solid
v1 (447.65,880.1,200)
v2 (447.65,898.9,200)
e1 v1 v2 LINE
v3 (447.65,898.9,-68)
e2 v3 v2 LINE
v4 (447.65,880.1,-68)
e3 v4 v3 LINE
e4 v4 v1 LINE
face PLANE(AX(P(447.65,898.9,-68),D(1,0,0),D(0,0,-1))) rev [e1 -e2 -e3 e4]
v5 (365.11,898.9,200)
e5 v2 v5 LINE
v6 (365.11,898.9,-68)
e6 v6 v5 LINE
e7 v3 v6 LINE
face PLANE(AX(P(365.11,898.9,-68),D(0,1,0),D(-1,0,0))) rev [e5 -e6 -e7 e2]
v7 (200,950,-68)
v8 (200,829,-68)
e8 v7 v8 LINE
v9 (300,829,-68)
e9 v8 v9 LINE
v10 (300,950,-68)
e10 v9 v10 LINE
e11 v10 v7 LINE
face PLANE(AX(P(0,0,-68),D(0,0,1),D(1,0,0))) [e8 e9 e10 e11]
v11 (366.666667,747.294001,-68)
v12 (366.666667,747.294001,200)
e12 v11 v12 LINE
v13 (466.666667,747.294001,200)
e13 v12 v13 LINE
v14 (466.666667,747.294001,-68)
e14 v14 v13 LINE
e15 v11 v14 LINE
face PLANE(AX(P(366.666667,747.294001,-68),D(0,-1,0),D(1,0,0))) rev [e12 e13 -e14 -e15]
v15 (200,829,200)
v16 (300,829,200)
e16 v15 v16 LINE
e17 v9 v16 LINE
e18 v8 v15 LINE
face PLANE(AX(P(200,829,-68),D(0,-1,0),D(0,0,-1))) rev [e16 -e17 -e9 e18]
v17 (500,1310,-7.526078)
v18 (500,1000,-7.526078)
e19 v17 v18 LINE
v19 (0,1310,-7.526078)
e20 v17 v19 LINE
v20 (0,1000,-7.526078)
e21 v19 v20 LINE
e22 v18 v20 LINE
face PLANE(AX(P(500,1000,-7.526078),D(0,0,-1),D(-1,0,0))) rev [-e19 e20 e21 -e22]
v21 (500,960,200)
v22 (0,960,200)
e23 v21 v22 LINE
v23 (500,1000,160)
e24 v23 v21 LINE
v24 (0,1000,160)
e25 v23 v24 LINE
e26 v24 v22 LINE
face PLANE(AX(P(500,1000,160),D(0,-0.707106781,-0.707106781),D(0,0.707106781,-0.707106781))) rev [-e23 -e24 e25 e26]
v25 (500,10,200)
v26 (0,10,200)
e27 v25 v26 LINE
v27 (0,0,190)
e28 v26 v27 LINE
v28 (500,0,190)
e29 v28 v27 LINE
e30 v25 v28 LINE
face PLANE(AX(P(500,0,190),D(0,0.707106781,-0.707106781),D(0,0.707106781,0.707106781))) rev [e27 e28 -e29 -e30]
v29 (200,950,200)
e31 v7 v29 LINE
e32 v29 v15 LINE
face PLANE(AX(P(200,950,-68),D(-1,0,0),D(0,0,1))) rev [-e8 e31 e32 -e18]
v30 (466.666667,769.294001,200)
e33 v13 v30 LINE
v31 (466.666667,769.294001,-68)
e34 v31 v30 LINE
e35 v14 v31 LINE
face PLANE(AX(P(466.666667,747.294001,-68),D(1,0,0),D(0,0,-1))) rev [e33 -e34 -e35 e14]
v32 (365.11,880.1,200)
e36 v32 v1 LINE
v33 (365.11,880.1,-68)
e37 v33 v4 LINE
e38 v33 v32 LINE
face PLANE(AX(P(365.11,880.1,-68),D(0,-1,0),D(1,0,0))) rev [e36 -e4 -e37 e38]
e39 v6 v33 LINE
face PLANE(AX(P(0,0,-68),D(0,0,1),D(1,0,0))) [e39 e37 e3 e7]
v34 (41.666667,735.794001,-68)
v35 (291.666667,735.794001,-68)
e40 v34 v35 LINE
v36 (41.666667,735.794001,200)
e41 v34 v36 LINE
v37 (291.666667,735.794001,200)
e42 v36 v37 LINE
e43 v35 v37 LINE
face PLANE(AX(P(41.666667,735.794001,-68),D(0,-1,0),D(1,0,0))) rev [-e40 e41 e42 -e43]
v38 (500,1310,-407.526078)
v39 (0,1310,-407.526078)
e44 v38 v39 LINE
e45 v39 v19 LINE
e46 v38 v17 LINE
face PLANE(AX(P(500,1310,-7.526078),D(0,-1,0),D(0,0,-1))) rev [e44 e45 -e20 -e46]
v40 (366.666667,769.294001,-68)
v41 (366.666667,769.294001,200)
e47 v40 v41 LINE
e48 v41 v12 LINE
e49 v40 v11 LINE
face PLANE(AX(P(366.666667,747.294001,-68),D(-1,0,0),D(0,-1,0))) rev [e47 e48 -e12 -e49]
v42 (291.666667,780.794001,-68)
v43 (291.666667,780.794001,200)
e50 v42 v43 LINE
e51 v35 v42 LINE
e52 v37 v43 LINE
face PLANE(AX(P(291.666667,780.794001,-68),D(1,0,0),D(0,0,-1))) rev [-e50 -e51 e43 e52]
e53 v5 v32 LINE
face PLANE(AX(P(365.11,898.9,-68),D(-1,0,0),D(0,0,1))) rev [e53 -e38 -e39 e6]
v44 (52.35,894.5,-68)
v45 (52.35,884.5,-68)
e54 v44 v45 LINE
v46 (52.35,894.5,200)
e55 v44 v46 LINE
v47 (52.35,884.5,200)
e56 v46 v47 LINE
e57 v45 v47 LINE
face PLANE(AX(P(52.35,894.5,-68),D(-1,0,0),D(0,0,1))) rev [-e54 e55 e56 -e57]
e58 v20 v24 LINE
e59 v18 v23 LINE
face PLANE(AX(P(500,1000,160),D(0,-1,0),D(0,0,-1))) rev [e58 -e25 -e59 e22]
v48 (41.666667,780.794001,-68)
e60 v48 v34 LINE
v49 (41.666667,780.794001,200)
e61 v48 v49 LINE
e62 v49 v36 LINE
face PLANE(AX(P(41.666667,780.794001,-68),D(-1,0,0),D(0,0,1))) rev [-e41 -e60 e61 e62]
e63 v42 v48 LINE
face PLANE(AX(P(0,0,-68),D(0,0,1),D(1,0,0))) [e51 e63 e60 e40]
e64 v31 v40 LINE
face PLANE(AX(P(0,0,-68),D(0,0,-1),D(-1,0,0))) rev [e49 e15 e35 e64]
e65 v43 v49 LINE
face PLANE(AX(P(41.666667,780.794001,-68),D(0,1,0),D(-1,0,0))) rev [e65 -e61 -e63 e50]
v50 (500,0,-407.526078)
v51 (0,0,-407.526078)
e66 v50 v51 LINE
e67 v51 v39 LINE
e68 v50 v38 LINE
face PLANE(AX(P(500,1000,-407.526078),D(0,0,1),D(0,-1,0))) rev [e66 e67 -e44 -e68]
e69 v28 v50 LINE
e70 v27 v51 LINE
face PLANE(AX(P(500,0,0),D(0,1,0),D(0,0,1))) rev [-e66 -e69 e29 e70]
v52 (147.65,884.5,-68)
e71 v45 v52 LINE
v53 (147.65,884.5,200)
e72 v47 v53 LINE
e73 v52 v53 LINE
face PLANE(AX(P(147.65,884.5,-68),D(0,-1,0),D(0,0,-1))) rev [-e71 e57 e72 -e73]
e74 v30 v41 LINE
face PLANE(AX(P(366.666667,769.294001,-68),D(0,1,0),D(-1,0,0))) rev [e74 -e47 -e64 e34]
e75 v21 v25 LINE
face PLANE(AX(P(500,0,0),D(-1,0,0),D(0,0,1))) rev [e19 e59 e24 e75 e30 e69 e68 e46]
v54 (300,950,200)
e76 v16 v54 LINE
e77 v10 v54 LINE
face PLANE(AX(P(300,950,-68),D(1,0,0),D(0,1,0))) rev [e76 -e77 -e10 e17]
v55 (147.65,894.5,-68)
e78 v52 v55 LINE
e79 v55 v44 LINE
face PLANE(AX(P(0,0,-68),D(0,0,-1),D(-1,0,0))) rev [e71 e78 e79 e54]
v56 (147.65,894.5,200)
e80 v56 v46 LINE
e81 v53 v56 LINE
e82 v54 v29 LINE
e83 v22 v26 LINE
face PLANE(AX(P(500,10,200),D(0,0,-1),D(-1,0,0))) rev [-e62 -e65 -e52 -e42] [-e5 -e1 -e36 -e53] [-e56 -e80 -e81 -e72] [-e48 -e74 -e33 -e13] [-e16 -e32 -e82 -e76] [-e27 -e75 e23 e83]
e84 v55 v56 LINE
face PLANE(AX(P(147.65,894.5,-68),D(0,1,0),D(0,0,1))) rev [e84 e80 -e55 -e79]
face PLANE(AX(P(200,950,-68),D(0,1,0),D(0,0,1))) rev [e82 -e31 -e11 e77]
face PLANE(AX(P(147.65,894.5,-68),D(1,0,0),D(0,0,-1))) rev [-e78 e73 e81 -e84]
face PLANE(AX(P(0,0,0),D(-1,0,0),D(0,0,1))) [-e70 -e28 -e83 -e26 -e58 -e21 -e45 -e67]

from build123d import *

# Parameters (mm, degrees)
BOSS_EXTRUDE1_DEPTH = 500
SKETCH2_W           = 100
SKETCH2_H           = 121
SKETCH2_W_2         = 95.3
SKETCH2_H_2         = 10
SKETCH2_W_3         = 82.54
SKETCH2_H_3         = 18.8
SKETCH2_H_4         = 22
SKETCH2_W_4         = 250
SKETCH2_H_5         = 45
CUT_EXTRUDE1_DEPTH  = 268


with BuildPart() as part:
    # Sketch1 → Boss-Extrude1 (new body)
    with BuildSketch(Plane(origin=(0, 0, 0), x_dir=(0, 0, -1), z_dir=(1, 0, 0))):
        Polygon((0, 0), (-190, 0), (-200, 10), (-200, 960), (-160, 1000), (7.526077778, 1000), (7.526077778, 1310), (57.526077778, 1310), (407.526077778, 1310), (407.526077778, 1000), (407.526077778, 970), (407.526077778, 820), (407.526077778, 0), align=None)
    extrude(amount=BOSS_EXTRUDE1_DEPTH)

    # Sketch2 → Cut-Extrude1 (cut)
    with BuildSketch(Plane.XY.offset(200)):
        with Locations((250, 889.5)):
            Rectangle(SKETCH2_W, SKETCH2_H)
        with Locations((100, 889.5)):
            Rectangle(SKETCH2_W_2, SKETCH2_H_2)
        with Locations((406.38, 889.5)):
            Rectangle(SKETCH2_W_3, SKETCH2_H_3)
        with Locations((416.666666667, 758.294000626)):
            Rectangle(SKETCH2_W, SKETCH2_H_4)
        with Locations((166.666666667, 758.294000626)):
            Rectangle(SKETCH2_W_4, SKETCH2_H_5)
    extrude(amount=-CUT_EXTRUDE1_DEPTH, mode=Mode.SUBTRACT)


solid = part.part
